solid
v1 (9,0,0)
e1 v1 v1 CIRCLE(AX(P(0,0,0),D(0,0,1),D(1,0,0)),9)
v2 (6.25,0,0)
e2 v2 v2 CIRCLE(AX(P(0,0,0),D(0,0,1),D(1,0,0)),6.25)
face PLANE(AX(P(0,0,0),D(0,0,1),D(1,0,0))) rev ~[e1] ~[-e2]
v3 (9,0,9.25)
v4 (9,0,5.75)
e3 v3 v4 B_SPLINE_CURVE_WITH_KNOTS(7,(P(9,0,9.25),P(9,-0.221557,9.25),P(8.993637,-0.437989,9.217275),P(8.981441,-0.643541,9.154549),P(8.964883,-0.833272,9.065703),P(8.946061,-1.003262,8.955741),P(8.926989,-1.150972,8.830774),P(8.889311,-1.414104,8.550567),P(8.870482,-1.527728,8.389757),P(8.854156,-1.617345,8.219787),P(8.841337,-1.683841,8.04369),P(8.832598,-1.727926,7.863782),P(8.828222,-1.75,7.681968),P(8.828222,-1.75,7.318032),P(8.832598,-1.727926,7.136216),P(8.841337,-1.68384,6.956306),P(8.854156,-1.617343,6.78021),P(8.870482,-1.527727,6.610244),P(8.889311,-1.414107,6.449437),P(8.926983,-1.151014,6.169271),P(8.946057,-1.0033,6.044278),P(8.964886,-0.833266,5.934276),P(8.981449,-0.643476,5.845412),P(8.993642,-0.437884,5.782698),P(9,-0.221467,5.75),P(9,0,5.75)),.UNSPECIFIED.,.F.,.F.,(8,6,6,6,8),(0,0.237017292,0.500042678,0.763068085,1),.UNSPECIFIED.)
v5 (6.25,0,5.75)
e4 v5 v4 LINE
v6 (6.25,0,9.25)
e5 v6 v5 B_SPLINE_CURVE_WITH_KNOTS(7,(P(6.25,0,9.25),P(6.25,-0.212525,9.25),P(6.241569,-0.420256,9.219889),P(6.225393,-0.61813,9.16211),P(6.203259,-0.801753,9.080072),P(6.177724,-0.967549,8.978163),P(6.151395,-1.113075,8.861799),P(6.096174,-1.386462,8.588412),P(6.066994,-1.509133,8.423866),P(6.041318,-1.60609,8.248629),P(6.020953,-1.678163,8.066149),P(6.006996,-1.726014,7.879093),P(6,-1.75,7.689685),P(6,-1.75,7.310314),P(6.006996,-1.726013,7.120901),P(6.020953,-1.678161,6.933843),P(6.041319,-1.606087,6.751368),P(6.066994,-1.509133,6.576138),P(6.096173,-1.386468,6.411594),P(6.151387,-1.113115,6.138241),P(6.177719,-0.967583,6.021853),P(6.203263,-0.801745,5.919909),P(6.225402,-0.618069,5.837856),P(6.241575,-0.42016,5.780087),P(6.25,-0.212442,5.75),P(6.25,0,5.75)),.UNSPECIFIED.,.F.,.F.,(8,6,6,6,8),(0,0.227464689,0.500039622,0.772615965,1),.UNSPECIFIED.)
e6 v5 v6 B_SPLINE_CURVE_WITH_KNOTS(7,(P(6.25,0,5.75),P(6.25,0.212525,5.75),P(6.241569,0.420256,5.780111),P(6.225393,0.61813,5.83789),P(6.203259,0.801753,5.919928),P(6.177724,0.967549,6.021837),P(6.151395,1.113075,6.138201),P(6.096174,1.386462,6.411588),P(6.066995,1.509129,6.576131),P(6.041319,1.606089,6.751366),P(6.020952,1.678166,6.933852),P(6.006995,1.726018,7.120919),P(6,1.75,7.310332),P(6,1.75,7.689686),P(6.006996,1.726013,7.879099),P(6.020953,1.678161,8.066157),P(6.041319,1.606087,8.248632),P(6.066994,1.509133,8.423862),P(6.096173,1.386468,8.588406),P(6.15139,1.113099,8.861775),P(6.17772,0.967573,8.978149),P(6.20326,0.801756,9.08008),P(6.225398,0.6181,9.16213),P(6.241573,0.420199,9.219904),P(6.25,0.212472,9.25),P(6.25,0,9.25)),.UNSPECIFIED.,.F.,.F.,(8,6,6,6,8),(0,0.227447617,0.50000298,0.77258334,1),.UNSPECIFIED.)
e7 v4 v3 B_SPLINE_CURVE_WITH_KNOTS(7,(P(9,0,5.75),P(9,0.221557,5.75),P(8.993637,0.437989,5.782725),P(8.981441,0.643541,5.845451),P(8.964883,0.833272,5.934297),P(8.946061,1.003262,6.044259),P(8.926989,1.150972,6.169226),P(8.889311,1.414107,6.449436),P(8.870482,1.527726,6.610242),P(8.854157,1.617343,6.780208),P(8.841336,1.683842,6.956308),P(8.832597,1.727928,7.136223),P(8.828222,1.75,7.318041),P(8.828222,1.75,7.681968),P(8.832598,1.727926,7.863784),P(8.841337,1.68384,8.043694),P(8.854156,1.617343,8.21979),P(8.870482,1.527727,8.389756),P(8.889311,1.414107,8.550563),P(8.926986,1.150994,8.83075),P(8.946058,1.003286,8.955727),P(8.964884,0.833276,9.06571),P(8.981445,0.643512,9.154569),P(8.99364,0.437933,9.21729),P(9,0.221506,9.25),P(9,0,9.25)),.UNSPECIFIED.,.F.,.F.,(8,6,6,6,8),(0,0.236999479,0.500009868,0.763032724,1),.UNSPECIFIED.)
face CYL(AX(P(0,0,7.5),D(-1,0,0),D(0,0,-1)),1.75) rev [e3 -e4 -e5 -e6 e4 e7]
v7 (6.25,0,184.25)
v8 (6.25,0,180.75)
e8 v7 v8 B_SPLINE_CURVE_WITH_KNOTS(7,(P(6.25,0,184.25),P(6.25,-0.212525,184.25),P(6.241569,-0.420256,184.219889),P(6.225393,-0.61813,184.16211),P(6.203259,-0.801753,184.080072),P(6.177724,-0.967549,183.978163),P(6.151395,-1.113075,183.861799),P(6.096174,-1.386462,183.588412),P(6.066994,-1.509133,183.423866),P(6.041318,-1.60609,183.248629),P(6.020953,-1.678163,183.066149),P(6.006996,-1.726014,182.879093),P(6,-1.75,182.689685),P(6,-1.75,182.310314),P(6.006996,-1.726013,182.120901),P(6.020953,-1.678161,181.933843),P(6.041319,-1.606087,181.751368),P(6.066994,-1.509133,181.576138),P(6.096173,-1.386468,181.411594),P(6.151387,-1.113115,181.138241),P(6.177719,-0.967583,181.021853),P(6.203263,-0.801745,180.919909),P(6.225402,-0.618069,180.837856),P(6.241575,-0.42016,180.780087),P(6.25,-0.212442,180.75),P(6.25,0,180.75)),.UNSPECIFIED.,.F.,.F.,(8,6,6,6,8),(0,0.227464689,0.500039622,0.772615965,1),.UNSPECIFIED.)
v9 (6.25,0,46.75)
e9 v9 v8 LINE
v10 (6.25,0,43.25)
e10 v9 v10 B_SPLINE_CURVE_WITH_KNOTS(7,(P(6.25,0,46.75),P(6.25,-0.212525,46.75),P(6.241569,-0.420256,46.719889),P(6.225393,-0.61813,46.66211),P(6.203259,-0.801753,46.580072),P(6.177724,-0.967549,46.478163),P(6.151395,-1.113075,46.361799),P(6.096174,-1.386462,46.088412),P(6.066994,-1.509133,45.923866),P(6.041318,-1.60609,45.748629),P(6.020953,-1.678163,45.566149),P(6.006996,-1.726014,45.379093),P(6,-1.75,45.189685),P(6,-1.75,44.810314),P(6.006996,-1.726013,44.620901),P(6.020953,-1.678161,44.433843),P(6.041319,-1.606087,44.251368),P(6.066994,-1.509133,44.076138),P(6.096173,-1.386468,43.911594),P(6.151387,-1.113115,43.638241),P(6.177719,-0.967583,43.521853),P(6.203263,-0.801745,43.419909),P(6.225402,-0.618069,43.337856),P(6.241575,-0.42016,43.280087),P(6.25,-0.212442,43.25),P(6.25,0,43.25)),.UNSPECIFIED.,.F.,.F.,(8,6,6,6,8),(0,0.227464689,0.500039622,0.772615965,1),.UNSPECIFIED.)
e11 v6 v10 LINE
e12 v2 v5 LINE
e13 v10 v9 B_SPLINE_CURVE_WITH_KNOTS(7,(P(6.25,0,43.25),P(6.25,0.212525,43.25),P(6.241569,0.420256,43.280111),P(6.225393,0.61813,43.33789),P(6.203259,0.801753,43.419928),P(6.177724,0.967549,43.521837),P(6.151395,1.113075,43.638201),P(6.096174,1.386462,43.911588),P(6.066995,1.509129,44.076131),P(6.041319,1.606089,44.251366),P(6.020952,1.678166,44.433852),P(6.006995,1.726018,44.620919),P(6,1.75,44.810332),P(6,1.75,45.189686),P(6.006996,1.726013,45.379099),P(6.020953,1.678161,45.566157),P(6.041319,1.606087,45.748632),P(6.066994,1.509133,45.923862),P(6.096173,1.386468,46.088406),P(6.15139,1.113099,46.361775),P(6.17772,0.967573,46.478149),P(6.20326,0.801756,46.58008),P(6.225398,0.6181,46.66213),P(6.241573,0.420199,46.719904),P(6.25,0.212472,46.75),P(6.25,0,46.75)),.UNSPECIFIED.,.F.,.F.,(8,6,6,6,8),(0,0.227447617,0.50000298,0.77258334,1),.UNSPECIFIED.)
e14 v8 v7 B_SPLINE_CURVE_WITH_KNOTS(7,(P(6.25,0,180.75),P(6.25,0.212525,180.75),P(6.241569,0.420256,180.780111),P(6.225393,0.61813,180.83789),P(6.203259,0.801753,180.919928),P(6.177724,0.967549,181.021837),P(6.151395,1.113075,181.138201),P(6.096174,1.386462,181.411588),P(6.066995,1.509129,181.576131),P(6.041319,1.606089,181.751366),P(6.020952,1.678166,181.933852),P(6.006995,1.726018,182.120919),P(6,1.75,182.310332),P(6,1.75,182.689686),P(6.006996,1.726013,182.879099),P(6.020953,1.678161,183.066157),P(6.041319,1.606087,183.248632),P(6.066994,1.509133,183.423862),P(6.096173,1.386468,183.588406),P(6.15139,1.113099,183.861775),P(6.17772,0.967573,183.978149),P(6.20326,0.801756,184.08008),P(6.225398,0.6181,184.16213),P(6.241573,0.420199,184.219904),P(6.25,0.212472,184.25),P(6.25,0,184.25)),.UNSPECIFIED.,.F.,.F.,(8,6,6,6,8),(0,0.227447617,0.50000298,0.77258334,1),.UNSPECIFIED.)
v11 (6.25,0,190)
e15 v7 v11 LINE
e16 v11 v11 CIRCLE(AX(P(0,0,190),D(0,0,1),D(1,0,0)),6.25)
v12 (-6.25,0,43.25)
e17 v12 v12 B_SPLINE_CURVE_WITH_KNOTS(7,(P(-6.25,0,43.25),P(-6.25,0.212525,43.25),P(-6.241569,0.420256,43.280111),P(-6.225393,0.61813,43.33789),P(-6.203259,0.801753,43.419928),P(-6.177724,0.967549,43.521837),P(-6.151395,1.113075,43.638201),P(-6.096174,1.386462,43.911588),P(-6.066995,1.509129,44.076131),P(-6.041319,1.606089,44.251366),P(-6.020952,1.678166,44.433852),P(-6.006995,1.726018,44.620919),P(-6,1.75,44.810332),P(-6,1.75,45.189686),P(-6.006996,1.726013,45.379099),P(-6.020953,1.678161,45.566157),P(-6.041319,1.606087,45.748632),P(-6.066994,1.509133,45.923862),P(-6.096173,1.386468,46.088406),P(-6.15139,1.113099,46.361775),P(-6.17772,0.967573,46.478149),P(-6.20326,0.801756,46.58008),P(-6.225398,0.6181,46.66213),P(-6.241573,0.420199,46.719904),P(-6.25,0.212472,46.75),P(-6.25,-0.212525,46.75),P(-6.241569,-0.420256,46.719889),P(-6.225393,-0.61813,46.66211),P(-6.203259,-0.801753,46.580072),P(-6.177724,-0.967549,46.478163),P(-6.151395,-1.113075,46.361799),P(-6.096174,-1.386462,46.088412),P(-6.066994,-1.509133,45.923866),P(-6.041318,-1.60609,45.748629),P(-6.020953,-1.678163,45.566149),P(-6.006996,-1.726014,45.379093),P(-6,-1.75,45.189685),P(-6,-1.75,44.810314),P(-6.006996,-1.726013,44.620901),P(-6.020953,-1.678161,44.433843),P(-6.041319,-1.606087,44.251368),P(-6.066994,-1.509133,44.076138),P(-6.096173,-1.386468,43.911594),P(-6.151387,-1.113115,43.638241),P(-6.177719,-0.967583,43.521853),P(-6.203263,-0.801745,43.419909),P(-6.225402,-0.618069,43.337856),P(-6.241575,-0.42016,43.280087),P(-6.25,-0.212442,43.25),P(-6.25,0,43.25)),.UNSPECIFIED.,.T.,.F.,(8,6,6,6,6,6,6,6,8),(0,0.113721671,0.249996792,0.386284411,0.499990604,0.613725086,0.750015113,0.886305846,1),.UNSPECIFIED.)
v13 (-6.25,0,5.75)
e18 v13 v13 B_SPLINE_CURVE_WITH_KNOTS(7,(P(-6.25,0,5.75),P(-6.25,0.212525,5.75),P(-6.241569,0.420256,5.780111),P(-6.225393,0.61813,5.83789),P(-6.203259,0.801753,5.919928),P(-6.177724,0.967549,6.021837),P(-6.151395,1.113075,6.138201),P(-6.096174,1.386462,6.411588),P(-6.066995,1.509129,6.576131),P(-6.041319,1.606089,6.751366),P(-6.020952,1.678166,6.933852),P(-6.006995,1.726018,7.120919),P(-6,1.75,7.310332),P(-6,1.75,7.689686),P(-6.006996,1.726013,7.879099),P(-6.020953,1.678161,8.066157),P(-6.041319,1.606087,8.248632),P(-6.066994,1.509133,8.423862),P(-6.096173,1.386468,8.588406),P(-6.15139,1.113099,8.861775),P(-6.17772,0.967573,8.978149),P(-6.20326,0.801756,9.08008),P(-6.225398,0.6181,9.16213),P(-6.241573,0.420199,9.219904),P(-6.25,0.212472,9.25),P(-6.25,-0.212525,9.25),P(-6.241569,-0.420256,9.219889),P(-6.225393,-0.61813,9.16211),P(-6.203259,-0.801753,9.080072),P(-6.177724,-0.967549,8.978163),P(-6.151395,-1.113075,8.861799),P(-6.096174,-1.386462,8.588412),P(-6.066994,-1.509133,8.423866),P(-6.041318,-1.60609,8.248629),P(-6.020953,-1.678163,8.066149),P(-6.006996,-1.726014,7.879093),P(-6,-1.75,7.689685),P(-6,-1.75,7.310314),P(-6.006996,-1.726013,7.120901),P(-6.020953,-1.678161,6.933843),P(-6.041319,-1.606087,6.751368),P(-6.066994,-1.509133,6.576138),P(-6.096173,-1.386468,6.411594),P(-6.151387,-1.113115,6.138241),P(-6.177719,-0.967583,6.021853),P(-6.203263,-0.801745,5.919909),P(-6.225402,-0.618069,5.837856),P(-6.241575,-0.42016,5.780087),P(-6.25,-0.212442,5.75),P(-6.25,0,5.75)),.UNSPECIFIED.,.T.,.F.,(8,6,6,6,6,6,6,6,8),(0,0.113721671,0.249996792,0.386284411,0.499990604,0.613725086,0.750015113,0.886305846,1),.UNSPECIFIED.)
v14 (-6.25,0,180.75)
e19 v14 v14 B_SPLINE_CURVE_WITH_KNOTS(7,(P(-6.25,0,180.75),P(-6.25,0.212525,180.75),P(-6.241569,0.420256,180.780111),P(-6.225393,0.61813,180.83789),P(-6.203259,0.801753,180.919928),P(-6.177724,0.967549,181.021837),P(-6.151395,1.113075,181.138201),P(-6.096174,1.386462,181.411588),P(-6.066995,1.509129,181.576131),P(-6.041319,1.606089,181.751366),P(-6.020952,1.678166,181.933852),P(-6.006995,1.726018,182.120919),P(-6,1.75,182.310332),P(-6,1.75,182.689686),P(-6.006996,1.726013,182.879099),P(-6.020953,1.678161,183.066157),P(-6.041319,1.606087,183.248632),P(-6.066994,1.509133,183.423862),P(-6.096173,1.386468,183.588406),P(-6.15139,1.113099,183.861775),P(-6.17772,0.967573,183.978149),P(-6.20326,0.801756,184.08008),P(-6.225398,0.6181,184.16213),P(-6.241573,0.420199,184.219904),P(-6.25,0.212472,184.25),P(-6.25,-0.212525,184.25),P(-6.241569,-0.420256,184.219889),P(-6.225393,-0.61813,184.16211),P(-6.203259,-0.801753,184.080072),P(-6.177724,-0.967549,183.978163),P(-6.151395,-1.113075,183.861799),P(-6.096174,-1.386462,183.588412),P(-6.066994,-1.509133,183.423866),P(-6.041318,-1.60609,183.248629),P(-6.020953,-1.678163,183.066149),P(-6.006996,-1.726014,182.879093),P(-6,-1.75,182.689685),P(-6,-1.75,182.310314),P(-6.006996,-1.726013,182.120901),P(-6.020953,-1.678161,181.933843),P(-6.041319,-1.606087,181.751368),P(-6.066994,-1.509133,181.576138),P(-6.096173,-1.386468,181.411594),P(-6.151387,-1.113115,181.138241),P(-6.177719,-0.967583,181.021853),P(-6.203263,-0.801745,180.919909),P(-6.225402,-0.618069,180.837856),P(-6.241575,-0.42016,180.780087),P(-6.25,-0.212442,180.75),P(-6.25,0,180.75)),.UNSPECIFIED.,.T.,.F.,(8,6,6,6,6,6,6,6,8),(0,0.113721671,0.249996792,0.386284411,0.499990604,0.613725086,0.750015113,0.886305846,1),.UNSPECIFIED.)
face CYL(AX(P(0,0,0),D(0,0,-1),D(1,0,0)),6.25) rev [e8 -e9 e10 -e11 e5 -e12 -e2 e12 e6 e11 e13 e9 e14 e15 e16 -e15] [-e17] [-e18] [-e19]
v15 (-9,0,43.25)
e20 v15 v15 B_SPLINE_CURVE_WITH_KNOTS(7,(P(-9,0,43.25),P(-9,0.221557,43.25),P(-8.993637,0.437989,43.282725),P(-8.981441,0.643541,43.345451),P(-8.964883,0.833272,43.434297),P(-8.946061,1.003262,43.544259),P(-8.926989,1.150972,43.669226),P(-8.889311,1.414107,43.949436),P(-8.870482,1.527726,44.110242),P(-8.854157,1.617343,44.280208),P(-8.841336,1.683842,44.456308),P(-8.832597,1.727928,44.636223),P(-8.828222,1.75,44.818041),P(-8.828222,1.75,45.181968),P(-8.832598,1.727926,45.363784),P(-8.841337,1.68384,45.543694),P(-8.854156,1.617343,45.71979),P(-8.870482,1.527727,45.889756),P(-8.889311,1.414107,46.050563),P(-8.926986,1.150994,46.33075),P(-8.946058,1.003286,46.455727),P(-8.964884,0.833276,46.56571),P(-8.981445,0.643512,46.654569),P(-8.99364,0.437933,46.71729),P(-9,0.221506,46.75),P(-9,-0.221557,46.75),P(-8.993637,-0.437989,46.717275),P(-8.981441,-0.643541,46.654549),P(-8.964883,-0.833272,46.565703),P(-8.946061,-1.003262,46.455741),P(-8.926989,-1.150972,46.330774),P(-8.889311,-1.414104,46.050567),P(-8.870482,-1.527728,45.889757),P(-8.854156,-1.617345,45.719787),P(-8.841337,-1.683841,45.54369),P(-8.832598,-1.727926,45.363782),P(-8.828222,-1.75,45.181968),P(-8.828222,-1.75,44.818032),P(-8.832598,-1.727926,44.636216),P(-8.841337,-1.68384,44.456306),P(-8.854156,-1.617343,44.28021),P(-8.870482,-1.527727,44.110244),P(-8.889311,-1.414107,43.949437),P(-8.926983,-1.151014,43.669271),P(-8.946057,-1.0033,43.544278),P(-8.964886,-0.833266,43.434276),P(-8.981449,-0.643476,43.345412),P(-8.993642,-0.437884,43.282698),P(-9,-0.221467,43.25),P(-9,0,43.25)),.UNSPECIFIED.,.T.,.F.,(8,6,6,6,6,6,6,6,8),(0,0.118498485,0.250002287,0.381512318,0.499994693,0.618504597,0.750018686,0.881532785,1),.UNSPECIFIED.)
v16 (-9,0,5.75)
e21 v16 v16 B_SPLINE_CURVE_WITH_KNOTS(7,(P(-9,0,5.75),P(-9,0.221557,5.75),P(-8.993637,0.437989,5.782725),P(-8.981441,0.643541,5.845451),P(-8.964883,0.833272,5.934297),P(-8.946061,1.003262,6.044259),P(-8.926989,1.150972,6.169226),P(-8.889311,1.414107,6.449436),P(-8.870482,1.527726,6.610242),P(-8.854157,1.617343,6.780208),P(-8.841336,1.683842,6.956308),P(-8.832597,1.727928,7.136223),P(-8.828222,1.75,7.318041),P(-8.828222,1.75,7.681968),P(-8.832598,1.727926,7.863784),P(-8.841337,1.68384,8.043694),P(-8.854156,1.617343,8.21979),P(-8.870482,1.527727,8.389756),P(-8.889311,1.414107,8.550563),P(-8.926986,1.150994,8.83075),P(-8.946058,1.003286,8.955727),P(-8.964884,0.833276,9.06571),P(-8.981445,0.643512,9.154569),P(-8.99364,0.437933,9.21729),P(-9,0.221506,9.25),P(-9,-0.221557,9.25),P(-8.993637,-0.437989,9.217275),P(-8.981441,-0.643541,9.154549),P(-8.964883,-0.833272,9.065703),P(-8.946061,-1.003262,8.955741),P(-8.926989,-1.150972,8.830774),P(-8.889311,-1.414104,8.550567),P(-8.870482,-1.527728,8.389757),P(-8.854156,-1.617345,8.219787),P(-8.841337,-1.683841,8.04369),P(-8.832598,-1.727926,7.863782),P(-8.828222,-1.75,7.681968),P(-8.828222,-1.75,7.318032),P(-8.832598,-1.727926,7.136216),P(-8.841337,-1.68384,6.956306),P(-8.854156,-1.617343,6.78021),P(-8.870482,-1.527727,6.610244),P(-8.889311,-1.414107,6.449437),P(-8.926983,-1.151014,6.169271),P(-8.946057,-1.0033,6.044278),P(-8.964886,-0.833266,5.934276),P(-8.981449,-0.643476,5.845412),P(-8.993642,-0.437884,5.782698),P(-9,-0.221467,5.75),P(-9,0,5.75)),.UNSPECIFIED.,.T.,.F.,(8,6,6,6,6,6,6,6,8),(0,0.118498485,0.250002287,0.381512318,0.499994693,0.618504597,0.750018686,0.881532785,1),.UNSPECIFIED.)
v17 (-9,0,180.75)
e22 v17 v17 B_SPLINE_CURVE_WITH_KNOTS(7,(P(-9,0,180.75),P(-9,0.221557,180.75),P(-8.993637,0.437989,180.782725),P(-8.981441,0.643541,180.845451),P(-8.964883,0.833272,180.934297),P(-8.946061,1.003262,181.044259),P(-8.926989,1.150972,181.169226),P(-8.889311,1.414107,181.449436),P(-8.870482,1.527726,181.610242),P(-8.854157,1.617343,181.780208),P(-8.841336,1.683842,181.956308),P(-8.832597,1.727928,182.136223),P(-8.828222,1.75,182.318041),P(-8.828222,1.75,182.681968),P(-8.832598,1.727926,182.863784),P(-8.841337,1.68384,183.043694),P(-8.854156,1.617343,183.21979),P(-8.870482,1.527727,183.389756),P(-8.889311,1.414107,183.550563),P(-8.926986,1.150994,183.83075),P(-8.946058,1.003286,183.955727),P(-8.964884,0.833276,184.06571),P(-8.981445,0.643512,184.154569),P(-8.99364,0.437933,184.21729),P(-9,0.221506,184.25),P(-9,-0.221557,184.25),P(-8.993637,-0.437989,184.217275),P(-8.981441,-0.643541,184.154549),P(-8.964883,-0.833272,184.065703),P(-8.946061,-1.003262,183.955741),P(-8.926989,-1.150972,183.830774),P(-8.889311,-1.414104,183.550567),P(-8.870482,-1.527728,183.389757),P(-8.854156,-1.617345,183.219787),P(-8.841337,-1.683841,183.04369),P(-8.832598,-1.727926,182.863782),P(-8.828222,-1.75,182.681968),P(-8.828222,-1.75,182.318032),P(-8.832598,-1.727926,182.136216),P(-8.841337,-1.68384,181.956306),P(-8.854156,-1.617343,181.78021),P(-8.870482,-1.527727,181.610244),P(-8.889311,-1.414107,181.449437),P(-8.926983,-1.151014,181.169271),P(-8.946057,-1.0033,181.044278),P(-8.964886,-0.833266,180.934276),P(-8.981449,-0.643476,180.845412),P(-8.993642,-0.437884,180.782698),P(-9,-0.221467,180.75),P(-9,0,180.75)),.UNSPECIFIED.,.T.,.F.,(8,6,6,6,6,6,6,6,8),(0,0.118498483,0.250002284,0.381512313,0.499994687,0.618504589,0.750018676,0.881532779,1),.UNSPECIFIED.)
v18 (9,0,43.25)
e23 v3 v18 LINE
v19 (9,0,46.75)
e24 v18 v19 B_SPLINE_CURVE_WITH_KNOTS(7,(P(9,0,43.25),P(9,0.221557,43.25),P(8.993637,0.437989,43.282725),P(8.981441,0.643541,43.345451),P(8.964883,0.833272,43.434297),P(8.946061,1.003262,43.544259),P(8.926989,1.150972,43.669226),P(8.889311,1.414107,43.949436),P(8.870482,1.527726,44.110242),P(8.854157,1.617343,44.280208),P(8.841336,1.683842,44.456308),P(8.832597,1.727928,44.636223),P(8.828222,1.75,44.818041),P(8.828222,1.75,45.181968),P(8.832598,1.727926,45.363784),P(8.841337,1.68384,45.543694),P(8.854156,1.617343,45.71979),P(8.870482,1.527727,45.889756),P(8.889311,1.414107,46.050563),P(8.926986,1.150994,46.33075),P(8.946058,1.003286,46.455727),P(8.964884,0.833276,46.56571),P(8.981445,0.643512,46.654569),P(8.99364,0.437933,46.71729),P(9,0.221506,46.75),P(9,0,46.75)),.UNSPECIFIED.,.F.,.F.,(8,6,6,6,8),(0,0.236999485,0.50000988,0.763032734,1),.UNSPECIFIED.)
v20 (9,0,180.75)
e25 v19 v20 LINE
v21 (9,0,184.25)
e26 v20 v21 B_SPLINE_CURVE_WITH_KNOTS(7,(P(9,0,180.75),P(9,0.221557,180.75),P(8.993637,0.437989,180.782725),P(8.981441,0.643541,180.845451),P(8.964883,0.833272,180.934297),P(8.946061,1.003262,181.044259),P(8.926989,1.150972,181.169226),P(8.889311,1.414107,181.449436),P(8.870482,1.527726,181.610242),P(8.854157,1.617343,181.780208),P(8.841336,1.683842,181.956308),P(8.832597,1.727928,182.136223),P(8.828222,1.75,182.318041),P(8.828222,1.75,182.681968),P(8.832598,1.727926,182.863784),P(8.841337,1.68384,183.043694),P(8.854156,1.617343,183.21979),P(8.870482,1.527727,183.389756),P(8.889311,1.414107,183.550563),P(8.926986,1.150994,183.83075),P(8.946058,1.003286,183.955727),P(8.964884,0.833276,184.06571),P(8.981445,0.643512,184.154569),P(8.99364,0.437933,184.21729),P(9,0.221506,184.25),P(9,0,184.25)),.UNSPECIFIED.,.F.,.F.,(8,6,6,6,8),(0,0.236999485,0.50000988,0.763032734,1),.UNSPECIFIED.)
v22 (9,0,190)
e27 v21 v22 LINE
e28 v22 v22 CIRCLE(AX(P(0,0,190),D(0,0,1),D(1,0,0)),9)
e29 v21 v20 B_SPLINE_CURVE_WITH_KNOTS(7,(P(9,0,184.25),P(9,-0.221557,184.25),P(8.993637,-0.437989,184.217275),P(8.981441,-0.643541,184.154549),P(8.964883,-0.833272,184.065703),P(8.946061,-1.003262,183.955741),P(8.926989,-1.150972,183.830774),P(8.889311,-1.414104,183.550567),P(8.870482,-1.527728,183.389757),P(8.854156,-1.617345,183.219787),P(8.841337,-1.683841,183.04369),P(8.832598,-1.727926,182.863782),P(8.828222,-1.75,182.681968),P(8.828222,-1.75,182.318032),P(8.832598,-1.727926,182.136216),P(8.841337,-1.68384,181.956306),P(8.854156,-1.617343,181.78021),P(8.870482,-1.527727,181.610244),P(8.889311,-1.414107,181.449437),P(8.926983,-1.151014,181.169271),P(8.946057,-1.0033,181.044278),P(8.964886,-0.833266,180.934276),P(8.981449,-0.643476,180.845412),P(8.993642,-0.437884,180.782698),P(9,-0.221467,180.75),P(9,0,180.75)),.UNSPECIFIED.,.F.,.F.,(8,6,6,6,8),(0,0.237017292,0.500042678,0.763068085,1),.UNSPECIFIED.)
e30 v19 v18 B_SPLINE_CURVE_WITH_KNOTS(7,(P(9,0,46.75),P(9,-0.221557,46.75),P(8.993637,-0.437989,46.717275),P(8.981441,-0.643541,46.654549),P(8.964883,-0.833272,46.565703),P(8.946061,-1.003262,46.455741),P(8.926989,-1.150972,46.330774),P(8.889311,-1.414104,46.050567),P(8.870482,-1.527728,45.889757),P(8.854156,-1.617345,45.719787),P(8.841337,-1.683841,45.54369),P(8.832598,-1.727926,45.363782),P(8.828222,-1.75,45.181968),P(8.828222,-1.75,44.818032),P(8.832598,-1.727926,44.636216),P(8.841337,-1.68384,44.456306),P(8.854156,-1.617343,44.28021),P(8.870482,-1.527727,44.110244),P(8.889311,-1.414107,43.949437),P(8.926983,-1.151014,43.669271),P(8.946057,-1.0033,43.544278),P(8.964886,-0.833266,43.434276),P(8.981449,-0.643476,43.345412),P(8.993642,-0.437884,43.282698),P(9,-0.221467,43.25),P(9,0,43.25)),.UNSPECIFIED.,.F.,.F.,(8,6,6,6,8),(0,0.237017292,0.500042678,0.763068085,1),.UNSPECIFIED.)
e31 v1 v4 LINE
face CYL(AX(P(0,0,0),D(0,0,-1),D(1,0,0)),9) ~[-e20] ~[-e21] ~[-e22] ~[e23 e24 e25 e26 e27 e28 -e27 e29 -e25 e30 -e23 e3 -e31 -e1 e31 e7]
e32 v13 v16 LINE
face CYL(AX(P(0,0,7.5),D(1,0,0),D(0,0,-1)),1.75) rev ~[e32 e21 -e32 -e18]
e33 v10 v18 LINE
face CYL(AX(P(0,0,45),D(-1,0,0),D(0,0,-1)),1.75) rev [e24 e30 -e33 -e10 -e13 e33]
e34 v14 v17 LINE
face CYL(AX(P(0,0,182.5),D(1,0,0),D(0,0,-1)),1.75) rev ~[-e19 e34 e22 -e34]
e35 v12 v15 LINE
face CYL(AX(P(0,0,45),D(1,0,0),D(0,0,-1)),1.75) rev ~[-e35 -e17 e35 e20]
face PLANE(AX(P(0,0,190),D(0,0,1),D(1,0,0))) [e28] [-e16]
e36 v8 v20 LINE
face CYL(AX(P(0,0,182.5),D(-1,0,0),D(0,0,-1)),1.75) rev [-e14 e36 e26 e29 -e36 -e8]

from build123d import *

# Parameters (mm, degrees)
SKETCH_1_R               = 9
SKETCH_1_R_2             = 6.25
EXTRUDE_1_DEPTH          = 190
SKETCH_2_R               = 1.75
CUT_EXTRUDE_1_DEPTH      = 10
CUT_EXTRUDE_1_DEPTH_BACK = 10


with BuildPart() as part:
    # ｽｹｯﾁ1 → ﾎﾞｽ - 押し出し1 (new body)
    with BuildSketch(Plane.XY):
        Circle(SKETCH_1_R)
        Circle(SKETCH_1_R_2, mode=Mode.SUBTRACT)
    extrude(amount=EXTRUDE_1_DEPTH)

    # ｽｹｯﾁ2 → ｶｯﾄ - 押し出し1 (cut, two sides)
    with BuildSketch(Plane(origin=(0, 0, 0), x_dir=(0, 0, -1), z_dir=(1, 0, 0))) as cut_extrude_1_sk:
        with Locations((-7.5, 0)):
            Circle(SKETCH_2_R)
        with Locations((-182.5, 0)):
            Circle(SKETCH_2_R)
        with Locations((-45, 0)):
            Circle(SKETCH_2_R)
    extrude(amount=CUT_EXTRUDE_1_DEPTH, mode=Mode.SUBTRACT)
    extrude(cut_extrude_1_sk.sketch, amount=-CUT_EXTRUDE_1_DEPTH_BACK, mode=Mode.SUBTRACT)


solid = part.part
